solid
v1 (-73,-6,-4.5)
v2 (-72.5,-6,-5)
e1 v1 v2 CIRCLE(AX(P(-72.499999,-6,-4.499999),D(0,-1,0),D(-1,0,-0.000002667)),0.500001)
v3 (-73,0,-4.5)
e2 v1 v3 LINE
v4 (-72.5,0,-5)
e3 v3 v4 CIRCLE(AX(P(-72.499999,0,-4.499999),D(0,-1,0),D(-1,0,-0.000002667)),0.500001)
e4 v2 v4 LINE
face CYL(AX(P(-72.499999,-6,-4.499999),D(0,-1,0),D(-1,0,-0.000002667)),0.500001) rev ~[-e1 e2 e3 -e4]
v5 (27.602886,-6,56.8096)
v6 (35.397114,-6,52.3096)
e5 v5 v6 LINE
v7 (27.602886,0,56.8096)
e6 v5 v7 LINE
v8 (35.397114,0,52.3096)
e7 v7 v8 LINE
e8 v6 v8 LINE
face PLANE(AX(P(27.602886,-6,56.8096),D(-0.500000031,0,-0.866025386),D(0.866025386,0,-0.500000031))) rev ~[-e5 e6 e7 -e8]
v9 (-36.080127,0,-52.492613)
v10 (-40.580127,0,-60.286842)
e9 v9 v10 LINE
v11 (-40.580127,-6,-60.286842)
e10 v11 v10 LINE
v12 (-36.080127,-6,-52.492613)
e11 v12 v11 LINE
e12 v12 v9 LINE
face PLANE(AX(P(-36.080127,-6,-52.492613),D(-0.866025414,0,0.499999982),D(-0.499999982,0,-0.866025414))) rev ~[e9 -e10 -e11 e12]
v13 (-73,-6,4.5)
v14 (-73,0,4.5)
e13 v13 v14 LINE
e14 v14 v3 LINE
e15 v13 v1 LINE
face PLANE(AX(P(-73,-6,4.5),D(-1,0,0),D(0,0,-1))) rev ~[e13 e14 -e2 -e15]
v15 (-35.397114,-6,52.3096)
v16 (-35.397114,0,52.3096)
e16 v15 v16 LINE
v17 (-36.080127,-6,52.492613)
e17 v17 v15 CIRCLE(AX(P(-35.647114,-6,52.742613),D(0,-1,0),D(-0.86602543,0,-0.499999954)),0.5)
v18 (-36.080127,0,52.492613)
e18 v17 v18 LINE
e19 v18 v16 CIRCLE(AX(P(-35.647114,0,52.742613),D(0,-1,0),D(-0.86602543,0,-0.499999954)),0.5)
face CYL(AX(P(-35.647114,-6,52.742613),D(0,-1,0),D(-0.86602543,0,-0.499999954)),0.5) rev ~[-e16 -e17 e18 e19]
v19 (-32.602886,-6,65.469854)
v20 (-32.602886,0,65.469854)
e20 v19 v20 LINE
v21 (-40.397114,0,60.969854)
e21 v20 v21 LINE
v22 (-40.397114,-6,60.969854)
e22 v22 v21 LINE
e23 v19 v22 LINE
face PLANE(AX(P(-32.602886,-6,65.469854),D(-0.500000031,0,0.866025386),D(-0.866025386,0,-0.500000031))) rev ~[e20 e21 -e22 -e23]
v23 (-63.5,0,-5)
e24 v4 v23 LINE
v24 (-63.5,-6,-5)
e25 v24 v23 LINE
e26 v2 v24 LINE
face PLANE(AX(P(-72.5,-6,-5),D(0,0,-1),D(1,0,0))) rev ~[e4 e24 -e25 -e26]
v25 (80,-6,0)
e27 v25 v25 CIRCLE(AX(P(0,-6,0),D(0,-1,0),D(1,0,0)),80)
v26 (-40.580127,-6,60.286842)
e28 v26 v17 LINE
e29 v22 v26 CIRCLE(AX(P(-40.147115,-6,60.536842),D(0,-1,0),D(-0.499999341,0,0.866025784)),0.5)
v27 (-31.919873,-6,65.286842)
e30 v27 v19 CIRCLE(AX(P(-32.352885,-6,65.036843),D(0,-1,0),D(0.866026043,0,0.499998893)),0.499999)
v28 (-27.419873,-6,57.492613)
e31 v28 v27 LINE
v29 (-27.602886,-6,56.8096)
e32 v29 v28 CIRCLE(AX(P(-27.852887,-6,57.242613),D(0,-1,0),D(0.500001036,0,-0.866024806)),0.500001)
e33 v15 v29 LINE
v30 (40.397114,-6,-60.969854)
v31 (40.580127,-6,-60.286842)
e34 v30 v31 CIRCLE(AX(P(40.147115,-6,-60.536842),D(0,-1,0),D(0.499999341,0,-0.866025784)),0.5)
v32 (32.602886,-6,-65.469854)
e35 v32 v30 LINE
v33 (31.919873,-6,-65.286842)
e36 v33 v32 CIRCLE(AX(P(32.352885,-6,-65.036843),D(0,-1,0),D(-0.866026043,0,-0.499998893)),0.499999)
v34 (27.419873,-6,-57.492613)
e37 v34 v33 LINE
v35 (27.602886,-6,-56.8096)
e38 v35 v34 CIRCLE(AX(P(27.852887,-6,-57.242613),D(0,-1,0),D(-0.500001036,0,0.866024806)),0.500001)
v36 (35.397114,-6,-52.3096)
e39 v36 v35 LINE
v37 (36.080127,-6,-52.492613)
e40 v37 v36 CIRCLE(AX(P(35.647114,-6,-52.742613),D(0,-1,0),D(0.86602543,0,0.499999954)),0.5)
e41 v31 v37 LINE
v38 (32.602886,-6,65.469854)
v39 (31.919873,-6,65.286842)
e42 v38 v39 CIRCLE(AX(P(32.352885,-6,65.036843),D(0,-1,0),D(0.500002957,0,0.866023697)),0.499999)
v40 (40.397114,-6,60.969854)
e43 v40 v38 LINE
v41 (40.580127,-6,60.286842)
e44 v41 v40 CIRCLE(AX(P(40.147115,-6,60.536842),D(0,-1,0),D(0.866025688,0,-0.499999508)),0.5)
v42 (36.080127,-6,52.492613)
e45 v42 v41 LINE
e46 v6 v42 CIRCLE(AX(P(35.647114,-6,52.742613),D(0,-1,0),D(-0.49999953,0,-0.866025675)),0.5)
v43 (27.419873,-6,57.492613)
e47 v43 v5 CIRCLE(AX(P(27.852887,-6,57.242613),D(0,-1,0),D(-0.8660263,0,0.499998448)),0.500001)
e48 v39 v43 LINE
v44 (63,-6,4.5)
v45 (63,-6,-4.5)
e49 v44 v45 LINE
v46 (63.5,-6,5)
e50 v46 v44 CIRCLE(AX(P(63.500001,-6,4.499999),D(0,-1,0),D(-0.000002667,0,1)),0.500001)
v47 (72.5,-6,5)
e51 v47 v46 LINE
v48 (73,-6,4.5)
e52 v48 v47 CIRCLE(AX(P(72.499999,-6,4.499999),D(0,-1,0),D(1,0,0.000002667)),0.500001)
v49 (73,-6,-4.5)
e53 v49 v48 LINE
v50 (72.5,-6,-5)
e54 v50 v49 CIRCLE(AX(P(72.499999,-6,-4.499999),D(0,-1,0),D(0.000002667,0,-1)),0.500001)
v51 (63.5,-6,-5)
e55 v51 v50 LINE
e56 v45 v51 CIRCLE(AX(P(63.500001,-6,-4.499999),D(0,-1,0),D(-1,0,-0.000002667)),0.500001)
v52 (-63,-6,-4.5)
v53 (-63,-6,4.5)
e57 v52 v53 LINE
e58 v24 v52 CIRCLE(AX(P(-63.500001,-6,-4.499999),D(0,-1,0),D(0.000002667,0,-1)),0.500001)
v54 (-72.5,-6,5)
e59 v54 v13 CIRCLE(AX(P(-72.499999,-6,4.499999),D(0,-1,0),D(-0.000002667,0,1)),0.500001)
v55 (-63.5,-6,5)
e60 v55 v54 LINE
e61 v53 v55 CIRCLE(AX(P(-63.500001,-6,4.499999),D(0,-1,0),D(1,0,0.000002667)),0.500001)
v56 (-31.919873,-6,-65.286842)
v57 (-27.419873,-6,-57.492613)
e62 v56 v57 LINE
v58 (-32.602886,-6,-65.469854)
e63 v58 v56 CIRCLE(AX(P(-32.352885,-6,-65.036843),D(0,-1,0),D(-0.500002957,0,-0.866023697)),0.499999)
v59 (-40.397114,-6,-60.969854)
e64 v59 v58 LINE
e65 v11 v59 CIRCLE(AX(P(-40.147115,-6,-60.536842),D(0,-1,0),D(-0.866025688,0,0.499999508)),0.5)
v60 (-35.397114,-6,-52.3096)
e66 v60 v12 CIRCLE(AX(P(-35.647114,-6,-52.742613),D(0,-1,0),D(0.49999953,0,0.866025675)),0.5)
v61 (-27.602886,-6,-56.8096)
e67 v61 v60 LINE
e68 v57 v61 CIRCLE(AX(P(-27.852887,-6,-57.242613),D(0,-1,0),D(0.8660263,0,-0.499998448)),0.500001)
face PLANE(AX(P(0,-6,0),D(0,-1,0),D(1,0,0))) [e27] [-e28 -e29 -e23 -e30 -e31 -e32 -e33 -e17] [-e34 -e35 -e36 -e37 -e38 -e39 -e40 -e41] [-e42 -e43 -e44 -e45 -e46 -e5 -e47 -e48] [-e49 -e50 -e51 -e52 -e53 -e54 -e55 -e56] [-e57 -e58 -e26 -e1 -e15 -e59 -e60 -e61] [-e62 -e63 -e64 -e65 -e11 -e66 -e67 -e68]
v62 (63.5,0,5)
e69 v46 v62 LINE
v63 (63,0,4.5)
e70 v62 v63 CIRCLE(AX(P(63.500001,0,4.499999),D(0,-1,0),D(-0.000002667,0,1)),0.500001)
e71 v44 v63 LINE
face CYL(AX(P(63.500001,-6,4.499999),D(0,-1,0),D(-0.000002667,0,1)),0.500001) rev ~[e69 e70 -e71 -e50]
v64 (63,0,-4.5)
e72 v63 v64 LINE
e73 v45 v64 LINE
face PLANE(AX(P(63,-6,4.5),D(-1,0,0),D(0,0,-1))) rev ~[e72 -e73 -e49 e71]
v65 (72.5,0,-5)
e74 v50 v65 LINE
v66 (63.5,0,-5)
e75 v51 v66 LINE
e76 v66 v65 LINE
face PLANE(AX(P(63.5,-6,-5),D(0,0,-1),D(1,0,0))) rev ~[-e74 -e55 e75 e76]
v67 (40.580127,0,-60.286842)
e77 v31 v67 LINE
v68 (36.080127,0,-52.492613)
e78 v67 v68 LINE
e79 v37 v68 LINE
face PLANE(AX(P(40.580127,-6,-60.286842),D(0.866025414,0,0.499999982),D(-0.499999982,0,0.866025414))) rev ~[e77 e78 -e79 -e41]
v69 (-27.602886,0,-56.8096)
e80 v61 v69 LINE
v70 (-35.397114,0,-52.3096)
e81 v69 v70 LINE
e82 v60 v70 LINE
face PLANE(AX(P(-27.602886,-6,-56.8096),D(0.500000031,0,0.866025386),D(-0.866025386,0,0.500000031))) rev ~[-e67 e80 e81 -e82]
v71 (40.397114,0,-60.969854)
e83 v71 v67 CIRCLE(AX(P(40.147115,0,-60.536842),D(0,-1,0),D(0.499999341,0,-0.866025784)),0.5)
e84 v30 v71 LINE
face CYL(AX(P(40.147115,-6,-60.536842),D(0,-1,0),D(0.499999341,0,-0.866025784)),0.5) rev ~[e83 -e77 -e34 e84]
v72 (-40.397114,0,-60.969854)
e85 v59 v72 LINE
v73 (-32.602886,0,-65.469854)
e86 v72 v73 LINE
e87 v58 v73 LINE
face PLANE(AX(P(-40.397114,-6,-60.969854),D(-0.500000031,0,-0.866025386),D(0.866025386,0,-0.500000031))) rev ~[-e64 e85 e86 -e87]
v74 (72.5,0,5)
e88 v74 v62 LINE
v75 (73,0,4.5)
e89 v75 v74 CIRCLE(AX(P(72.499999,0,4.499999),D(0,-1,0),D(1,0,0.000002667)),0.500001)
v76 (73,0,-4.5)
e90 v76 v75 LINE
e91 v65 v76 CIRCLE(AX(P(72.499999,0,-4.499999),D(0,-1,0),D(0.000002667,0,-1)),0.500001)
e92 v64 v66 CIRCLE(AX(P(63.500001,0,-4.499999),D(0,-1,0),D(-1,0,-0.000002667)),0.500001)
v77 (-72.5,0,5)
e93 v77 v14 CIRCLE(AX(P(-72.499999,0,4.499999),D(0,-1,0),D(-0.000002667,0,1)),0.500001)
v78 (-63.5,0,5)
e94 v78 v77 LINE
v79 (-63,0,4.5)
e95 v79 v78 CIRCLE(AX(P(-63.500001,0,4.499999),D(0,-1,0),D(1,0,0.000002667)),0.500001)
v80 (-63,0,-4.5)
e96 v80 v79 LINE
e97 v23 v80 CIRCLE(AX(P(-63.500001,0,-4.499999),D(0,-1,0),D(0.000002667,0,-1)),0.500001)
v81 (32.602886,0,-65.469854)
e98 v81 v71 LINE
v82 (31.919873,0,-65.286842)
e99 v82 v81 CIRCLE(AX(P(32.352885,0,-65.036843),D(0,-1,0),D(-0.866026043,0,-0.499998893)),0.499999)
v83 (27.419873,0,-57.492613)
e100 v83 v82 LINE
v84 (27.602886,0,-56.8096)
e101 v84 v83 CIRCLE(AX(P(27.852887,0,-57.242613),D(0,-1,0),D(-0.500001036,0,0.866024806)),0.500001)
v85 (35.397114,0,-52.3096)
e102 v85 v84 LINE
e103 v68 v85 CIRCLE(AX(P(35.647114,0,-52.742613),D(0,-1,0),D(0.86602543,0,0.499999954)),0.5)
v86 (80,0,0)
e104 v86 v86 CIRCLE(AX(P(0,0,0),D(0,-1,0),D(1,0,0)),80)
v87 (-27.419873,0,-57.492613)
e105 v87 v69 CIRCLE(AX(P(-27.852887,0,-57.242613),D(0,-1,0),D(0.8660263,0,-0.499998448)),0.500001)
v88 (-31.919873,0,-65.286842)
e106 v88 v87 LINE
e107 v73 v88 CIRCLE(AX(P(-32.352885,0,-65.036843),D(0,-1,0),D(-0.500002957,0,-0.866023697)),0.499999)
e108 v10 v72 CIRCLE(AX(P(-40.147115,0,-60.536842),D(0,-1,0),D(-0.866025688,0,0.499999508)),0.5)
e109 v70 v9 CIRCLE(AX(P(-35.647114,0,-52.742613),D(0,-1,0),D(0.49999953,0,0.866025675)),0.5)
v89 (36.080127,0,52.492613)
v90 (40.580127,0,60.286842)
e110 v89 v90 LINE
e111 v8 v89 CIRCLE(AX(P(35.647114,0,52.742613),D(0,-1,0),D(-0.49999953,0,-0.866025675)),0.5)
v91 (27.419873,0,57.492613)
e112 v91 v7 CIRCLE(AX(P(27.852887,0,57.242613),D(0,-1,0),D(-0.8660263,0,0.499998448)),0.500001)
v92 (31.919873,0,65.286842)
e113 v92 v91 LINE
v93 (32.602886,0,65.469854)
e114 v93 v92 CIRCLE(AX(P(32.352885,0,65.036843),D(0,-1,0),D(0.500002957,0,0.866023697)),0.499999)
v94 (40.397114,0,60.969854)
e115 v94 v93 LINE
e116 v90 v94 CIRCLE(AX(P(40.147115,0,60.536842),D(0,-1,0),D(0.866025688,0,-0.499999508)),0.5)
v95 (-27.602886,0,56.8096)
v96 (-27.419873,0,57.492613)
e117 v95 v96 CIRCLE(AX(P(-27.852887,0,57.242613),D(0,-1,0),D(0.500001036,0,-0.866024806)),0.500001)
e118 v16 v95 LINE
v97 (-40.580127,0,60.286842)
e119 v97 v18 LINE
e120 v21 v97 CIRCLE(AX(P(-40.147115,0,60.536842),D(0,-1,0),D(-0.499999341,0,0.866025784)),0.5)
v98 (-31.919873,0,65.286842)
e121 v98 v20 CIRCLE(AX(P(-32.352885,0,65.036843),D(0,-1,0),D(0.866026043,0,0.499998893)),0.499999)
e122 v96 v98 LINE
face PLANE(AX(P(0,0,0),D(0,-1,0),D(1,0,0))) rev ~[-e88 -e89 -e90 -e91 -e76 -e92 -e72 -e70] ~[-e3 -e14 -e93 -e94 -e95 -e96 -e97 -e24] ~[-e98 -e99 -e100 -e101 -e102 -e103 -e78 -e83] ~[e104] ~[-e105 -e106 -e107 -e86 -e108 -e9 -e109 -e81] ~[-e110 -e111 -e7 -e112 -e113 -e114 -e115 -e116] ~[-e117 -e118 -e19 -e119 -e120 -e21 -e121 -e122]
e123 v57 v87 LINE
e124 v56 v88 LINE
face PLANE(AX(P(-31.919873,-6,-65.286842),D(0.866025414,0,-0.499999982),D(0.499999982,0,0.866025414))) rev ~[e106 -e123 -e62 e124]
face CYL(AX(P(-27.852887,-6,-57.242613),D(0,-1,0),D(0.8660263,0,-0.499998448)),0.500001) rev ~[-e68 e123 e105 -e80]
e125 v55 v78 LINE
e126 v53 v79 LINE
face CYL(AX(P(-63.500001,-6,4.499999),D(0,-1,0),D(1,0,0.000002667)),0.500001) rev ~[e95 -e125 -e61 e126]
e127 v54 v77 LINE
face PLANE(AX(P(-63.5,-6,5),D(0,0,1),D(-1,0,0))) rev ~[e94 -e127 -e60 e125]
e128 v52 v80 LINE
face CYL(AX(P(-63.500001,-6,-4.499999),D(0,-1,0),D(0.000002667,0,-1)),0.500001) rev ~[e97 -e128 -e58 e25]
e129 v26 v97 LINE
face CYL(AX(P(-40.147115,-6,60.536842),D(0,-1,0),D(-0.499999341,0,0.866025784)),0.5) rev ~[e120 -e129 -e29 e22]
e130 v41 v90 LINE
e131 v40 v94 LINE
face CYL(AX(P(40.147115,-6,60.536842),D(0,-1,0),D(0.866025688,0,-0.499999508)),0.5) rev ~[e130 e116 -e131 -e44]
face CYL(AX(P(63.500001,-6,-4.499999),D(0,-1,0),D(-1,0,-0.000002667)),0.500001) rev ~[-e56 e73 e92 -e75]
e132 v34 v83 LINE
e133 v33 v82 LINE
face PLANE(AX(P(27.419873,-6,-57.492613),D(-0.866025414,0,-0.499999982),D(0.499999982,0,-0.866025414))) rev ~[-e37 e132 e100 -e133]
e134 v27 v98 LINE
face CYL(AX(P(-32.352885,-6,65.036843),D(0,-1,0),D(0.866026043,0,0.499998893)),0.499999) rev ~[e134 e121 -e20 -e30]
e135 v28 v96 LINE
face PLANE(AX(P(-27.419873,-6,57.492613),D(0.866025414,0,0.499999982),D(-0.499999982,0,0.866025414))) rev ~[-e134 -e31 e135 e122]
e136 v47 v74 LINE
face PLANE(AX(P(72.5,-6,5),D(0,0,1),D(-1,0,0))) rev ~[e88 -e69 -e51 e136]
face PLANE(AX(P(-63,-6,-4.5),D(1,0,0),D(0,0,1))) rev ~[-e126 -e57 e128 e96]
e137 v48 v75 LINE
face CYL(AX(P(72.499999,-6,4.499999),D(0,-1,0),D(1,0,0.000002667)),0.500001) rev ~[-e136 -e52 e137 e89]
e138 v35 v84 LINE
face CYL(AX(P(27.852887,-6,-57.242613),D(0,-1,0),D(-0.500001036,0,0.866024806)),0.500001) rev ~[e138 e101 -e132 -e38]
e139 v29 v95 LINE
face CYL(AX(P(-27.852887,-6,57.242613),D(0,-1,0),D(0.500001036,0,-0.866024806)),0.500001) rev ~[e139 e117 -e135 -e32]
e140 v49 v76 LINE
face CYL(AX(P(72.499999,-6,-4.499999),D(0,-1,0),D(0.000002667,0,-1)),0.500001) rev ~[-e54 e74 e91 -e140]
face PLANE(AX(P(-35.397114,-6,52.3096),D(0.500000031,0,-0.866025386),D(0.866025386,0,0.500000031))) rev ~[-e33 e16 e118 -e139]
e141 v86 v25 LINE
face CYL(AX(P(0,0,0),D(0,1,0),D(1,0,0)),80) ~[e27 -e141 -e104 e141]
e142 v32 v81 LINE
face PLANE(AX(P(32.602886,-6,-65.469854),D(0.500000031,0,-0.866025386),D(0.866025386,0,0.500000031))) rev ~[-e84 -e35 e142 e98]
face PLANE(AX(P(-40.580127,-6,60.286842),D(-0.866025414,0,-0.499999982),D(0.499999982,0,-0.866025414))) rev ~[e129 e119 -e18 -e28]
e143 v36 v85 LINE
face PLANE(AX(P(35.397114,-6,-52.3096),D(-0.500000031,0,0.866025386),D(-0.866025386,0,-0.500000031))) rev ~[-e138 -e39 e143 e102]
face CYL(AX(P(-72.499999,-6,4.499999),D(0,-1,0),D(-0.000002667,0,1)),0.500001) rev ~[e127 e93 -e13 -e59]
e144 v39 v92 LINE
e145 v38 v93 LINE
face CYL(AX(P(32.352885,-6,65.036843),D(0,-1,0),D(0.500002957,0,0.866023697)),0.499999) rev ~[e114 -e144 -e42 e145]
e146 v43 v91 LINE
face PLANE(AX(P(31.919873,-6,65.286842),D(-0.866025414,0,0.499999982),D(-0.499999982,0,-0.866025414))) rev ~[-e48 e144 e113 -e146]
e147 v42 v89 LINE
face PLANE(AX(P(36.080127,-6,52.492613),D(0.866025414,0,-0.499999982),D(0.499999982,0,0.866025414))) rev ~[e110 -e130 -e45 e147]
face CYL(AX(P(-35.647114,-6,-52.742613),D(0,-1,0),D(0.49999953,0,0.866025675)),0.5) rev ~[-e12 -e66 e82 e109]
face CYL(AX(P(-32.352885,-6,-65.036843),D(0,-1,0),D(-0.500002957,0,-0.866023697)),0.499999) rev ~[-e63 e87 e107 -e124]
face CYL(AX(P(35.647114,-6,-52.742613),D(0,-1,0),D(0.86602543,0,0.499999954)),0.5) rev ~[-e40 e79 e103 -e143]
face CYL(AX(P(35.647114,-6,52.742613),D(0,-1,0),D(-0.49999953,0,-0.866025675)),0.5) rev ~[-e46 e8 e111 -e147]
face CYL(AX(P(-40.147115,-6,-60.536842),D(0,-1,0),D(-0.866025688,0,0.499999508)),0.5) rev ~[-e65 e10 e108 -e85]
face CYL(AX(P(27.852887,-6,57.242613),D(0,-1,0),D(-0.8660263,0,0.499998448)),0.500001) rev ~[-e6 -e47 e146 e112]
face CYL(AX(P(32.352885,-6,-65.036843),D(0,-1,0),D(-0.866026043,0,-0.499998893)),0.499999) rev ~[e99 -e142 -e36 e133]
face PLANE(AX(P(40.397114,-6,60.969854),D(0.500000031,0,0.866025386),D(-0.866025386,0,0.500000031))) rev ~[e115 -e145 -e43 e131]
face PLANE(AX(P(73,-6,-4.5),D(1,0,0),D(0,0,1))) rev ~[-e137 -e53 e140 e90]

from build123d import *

# Parameters (mm, degrees)
F0_R     = 80
F1_DEPTH = 6
F3_DEPTH = 6.001


with BuildPart() as f1:
    # F0 (on Front) → F1 (new body)
    with BuildSketch(Plane.XZ):
        Circle(F0_R)
    extrude(amount=F1_DEPTH)

    # F2 (on face) → F3 (cut, through all)
    with BuildSketch(Plane.XZ.offset(6)):
        with BuildLine():
            Line((-63.5, 5), (-72.5, 5))
            ThreePointArc((-72.5, 5), (-72.853553, 4.853553), (-73, 4.5))
            Line((-73, 4.5), (-73, -4.5))
            ThreePointArc((-73, -4.5), (-72.853553, -4.853553), (-72.5, -5))
            Line((-72.5, -5), (-63.5, -5))
            ThreePointArc((-63.5, -5), (-63.146447, -4.853553), (-63, -4.5))
            Line((-63, -4.5), (-63, 4.5))
            ThreePointArc((-63, 4.5), (-63.146447, 4.853553), (-63.5, 5))
        make_face()
        with BuildLine():
            ThreePointArc((-32.602886, -65.469854), (-32.223476, -65.519805), (-31.919873, -65.286842))
            Line((-31.919873, -65.286842), (-27.419873, -57.492613))
            ThreePointArc((-27.419873, -57.492613), (-27.369923, -57.113204), (-27.602886, -56.8096))
            Line((-27.602886, -56.8096), (-35.397114, -52.3096))
            ThreePointArc((-35.397114, -52.3096), (-35.776524, -52.25965), (-36.080127, -52.492613))
            Line((-36.080127, -52.492613), (-40.580127, -60.286842))
            ThreePointArc((-40.580127, -60.286842), (-40.630077, -60.666251), (-40.397114, -60.969854))
            Line((-40.397114, -60.969854), (-32.602886, -65.469854))
        make_face()
        with BuildLine():
            ThreePointArc((40.397114, -60.969854), (40.630077, -60.666251), (40.580127, -60.286842))
            Line((40.580127, -60.286842), (36.080127, -52.492613))
            ThreePointArc((36.080127, -52.492613), (35.776524, -52.25965), (35.397114, -52.3096))
            Line((35.397114, -52.3096), (27.602886, -56.8096))
            ThreePointArc((27.602886, -56.8096), (27.369923, -57.113204), (27.419873, -57.492613))
            Line((27.419873, -57.492613), (31.919873, -65.286842))
            ThreePointArc((31.919873, -65.286842), (32.223476, -65.519805), (32.602886, -65.469854))
            Line((32.602886, -65.469854), (40.397114, -60.969854))
        make_face()
        with BuildLine():
            ThreePointArc((73, 4.5), (72.853553, 4.853553), (72.5, 5))
            Line((72.5, 5), (63.5, 5))
            ThreePointArc((63.5, 5), (63.146447, 4.853553), (63, 4.5))
            Line((63, 4.5), (63, -4.5))
            ThreePointArc((63, -4.5), (63.146447, -4.853553), (63.5, -5))
            Line((63.5, -5), (72.5, -5))
            ThreePointArc((72.5, -5), (72.853553, -4.853553), (73, -4.5))
            Line((73, -4.5), (73, 4.5))
        make_face()
        with BuildLine():
            ThreePointArc((32.602886, 65.469854), (32.223476, 65.519805), (31.919873, 65.286842))
            Line((31.919873, 65.286842), (27.419873, 57.492613))
            ThreePointArc((27.419873, 57.492613), (27.369923, 57.113204), (27.602886, 56.8096))
            Line((27.602886, 56.8096), (35.397114, 52.3096))
            ThreePointArc((35.397114, 52.3096), (35.776524, 52.25965), (36.080127, 52.492613))
            Line((36.080127, 52.492613), (40.580127, 60.286842))
            ThreePointArc((40.580127, 60.286842), (40.630077, 60.666251), (40.397114, 60.969854))
            Line((40.397114, 60.969854), (32.602886, 65.469854))
        make_face()
        with BuildLine():
            ThreePointArc((-40.397114, 60.969854), (-40.630077, 60.666251), (-40.580127, 60.286842))
            Line((-40.580127, 60.286842), (-36.080127, 52.492613))
            ThreePointArc((-36.080127, 52.492613), (-35.776524, 52.25965), (-35.397114, 52.3096))
            Line((-35.397114, 52.3096), (-27.602886, 56.8096))
            ThreePointArc((-27.602886, 56.8096), (-27.369923, 57.113204), (-27.419873, 57.492613))
            Line((-27.419873, 57.492613), (-31.919873, 65.286842))
            ThreePointArc((-31.919873, 65.286842), (-32.223476, 65.519805), (-32.602886, 65.469854))
            Line((-32.602886, 65.469854), (-40.397114, 60.969854))
        make_face()
    extrude(amount=-F3_DEPTH, mode=Mode.SUBTRACT)


solid = f1.part
